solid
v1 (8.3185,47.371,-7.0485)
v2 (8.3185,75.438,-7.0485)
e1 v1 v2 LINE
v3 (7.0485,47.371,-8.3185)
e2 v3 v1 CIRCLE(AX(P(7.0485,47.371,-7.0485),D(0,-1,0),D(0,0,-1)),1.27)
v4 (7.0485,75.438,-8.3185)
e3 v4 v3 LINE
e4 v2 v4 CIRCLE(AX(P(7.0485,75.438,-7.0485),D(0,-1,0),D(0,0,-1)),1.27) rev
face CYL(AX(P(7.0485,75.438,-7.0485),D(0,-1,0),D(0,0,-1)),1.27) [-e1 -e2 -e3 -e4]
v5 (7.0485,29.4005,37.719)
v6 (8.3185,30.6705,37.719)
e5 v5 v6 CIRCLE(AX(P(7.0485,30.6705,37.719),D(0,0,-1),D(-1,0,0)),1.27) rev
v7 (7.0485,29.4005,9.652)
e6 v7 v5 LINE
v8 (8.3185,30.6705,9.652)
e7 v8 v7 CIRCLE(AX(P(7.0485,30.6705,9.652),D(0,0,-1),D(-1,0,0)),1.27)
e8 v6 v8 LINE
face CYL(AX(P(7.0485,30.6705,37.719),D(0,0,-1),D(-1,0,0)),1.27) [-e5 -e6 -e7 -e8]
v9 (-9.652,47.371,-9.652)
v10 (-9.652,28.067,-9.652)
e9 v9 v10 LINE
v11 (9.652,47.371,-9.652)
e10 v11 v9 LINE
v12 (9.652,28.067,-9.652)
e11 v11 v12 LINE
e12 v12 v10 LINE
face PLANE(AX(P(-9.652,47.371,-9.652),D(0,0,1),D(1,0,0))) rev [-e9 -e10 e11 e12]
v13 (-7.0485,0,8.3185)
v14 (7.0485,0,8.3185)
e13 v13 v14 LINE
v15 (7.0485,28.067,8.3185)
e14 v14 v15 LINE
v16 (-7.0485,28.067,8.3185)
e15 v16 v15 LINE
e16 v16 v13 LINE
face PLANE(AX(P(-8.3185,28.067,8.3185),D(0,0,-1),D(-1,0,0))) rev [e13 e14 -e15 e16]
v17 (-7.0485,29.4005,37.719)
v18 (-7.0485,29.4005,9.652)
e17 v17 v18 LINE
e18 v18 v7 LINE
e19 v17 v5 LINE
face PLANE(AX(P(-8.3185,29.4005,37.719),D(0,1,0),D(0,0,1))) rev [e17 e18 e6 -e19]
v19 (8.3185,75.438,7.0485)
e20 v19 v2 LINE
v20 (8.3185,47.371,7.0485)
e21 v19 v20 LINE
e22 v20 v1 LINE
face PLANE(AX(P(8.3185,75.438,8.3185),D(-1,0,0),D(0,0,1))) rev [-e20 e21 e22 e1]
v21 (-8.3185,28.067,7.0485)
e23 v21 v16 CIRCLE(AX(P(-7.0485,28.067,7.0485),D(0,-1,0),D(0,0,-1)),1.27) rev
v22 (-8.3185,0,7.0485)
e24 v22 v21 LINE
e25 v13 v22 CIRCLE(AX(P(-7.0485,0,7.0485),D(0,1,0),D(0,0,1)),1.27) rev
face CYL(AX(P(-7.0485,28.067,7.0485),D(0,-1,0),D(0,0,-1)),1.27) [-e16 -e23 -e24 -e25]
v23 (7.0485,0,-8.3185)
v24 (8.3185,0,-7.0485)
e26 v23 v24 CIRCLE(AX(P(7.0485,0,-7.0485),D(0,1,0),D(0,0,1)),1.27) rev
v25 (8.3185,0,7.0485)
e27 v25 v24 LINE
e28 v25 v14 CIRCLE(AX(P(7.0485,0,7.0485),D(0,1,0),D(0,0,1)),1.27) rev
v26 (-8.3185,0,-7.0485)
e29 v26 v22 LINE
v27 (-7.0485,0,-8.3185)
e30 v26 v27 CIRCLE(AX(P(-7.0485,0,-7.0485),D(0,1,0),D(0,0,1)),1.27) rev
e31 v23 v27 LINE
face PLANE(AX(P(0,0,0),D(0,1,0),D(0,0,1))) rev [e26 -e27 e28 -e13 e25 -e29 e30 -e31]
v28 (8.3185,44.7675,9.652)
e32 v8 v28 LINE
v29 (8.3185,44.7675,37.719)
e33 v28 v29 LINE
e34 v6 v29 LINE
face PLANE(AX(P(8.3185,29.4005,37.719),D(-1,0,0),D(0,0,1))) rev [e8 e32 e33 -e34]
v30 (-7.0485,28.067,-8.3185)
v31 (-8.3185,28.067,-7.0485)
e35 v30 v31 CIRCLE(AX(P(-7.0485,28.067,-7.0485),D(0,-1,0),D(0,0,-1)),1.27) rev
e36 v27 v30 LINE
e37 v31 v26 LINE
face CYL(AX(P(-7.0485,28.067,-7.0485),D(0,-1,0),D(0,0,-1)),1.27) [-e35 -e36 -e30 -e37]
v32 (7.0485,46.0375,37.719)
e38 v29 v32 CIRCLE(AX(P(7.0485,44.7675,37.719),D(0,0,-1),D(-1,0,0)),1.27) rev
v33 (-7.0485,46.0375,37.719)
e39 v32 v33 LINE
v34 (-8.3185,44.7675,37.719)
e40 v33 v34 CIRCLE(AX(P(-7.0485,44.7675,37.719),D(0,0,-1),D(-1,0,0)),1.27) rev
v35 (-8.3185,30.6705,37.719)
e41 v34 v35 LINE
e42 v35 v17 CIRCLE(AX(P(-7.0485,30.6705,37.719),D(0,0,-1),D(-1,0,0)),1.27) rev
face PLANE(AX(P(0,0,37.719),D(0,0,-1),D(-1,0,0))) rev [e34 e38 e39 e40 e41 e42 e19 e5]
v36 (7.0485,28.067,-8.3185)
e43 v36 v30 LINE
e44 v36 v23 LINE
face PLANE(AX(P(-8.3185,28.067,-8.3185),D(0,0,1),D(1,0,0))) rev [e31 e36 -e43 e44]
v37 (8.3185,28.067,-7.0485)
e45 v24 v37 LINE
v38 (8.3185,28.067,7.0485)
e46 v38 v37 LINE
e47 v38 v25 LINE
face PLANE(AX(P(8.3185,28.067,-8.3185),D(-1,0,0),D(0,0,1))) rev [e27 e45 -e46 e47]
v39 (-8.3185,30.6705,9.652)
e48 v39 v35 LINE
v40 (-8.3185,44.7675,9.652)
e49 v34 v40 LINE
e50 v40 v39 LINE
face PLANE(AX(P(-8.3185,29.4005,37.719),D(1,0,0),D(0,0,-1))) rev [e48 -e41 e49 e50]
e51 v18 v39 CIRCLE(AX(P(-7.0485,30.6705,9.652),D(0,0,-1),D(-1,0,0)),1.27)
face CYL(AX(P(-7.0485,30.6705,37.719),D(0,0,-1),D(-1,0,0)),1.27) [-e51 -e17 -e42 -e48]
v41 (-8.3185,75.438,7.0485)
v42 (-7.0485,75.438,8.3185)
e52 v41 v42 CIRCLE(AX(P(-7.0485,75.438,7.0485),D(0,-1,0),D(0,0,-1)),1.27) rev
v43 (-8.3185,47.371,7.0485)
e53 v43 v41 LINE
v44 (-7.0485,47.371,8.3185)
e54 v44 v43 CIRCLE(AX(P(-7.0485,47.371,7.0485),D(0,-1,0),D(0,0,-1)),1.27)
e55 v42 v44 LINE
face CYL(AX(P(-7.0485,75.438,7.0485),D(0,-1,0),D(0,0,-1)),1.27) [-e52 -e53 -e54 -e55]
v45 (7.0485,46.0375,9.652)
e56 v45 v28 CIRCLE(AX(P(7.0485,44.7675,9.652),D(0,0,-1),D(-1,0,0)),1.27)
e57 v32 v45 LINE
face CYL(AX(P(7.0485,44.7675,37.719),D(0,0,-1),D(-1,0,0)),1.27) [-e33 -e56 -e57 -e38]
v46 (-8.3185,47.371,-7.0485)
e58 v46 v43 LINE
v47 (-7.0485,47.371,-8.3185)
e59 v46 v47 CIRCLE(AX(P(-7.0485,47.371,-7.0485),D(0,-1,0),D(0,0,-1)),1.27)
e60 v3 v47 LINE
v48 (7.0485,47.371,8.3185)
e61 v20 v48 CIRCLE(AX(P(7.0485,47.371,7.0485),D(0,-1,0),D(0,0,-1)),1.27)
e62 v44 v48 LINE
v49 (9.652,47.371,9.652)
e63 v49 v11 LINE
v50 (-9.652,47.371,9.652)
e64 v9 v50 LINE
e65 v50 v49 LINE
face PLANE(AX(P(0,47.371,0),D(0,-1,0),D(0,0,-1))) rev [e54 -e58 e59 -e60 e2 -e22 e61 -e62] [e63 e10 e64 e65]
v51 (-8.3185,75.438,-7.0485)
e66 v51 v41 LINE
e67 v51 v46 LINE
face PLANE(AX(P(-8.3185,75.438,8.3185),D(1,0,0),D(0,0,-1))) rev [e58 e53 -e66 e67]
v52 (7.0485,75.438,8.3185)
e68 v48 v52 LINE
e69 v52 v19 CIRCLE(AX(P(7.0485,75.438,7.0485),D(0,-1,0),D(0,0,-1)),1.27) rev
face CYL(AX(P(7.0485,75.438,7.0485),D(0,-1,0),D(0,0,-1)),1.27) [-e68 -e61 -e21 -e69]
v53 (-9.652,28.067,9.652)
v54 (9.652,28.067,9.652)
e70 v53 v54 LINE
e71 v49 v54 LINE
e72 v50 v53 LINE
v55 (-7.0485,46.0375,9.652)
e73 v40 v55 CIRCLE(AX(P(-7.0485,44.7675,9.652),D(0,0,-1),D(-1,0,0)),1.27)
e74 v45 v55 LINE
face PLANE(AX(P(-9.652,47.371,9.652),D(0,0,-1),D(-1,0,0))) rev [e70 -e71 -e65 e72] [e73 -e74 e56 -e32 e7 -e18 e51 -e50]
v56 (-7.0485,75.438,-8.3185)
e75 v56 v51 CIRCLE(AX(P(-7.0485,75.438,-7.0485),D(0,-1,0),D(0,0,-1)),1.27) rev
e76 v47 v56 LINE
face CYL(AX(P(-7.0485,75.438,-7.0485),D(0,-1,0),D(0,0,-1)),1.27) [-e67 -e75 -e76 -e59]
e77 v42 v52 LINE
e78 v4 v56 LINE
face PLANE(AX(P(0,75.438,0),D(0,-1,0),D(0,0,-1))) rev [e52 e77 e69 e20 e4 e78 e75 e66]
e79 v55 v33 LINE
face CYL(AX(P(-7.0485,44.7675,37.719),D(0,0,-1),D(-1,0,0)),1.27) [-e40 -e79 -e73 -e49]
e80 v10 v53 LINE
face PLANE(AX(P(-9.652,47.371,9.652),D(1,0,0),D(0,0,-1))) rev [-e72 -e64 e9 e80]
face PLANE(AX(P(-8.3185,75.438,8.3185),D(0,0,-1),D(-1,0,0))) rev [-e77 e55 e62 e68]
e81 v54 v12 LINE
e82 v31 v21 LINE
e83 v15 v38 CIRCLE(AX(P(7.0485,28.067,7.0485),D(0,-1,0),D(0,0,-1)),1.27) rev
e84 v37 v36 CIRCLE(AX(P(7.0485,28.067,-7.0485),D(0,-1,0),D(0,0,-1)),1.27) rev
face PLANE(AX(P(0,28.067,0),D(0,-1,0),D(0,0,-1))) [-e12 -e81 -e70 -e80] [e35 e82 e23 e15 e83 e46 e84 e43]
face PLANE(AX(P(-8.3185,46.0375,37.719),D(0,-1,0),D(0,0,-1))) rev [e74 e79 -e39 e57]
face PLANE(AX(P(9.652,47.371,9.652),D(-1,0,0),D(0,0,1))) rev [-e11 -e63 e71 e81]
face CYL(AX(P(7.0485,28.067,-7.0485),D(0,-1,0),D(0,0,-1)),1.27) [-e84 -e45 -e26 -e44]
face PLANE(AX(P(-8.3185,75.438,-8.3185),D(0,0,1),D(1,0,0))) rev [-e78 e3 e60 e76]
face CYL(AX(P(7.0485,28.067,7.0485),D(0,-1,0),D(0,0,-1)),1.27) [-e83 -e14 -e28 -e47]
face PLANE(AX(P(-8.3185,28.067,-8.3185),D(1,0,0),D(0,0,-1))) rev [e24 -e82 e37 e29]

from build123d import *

# Parameters (mm, degrees)
SKETCH1_W           = 16.637
SKETCH1_H           = 16.637
BOSS_EXTRUDE1_DEPTH = 28.067
SKETCH2_W           = 19.304
SKETCH2_H           = 19.304
BOSS_EXTRUDE2_DEPTH = 19.304
SKETCH3_W           = 16.637
SKETCH3_H           = 16.637
BOSS_EXTRUDE3_DEPTH = 28.067
SKETCH5_W           = 16.637
SKETCH5_H           = 16.637
BOSS_EXTRUDE4_DEPTH = 28.067
FILLET1_R           = 1.27


with BuildPart() as part:
    # Sketch1 → Boss-Extrude1 (new body)
    with BuildSketch(Plane(origin=(0, 0, 0), x_dir=(1, 0, 0), z_dir=(0, 1, 0))):
        Rectangle(SKETCH1_W, SKETCH1_H)
    extrude(amount=BOSS_EXTRUDE1_DEPTH)

    # Sketch2 → Boss-Extrude2 (add)
    with BuildSketch(Plane(origin=(0, 28.067, 0), x_dir=(1, 0, 0), z_dir=(0, 1, 0))):
        Rectangle(SKETCH2_W, SKETCH2_H)
    extrude(amount=BOSS_EXTRUDE2_DEPTH)

    # Sketch3 → Boss-Extrude3 (add)
    with BuildSketch(Plane.XY.offset(9.652)):
        with Locations((0, 37.719)):
            Rectangle(SKETCH3_W, SKETCH3_H)
    extrude(amount=BOSS_EXTRUDE3_DEPTH)

    # Sketch5 → Boss-Extrude4 (add)
    with BuildSketch(Plane(origin=(0, 47.371, 0), x_dir=(1, 0, 0), z_dir=(0, 1, 0))):
        Rectangle(SKETCH5_W, SKETCH5_H)
    extrude(amount=BOSS_EXTRUDE4_DEPTH)

    # Fillet1
    fillet1_edges = [part.edges().sort_by_distance(p)[0] for p in [
        (8.3185, 29.4005, 23.6855),
        (8.3185, 46.0375, 23.6855),
        (-8.3185, 46.0375, 23.6855),
        (-8.3185, 29.4005, 23.6855),
        (8.3185, 61.4045, 8.3185),
        (8.3185, 61.4045, -8.3185),
        (-8.3185, 61.4045, -8.3185),
        (-8.3185, 61.4045, 8.3185),
        (8.3185, 14.0335, 8.3185),
        (-8.3185, 14.0335, 8.3185),
        (-8.3185, 14.0335, -8.3185),
        (8.3185, 14.0335, -8.3185),
    ]]
    fillet(fillet1_edges, radius=FILLET1_R)


solid = part.part
